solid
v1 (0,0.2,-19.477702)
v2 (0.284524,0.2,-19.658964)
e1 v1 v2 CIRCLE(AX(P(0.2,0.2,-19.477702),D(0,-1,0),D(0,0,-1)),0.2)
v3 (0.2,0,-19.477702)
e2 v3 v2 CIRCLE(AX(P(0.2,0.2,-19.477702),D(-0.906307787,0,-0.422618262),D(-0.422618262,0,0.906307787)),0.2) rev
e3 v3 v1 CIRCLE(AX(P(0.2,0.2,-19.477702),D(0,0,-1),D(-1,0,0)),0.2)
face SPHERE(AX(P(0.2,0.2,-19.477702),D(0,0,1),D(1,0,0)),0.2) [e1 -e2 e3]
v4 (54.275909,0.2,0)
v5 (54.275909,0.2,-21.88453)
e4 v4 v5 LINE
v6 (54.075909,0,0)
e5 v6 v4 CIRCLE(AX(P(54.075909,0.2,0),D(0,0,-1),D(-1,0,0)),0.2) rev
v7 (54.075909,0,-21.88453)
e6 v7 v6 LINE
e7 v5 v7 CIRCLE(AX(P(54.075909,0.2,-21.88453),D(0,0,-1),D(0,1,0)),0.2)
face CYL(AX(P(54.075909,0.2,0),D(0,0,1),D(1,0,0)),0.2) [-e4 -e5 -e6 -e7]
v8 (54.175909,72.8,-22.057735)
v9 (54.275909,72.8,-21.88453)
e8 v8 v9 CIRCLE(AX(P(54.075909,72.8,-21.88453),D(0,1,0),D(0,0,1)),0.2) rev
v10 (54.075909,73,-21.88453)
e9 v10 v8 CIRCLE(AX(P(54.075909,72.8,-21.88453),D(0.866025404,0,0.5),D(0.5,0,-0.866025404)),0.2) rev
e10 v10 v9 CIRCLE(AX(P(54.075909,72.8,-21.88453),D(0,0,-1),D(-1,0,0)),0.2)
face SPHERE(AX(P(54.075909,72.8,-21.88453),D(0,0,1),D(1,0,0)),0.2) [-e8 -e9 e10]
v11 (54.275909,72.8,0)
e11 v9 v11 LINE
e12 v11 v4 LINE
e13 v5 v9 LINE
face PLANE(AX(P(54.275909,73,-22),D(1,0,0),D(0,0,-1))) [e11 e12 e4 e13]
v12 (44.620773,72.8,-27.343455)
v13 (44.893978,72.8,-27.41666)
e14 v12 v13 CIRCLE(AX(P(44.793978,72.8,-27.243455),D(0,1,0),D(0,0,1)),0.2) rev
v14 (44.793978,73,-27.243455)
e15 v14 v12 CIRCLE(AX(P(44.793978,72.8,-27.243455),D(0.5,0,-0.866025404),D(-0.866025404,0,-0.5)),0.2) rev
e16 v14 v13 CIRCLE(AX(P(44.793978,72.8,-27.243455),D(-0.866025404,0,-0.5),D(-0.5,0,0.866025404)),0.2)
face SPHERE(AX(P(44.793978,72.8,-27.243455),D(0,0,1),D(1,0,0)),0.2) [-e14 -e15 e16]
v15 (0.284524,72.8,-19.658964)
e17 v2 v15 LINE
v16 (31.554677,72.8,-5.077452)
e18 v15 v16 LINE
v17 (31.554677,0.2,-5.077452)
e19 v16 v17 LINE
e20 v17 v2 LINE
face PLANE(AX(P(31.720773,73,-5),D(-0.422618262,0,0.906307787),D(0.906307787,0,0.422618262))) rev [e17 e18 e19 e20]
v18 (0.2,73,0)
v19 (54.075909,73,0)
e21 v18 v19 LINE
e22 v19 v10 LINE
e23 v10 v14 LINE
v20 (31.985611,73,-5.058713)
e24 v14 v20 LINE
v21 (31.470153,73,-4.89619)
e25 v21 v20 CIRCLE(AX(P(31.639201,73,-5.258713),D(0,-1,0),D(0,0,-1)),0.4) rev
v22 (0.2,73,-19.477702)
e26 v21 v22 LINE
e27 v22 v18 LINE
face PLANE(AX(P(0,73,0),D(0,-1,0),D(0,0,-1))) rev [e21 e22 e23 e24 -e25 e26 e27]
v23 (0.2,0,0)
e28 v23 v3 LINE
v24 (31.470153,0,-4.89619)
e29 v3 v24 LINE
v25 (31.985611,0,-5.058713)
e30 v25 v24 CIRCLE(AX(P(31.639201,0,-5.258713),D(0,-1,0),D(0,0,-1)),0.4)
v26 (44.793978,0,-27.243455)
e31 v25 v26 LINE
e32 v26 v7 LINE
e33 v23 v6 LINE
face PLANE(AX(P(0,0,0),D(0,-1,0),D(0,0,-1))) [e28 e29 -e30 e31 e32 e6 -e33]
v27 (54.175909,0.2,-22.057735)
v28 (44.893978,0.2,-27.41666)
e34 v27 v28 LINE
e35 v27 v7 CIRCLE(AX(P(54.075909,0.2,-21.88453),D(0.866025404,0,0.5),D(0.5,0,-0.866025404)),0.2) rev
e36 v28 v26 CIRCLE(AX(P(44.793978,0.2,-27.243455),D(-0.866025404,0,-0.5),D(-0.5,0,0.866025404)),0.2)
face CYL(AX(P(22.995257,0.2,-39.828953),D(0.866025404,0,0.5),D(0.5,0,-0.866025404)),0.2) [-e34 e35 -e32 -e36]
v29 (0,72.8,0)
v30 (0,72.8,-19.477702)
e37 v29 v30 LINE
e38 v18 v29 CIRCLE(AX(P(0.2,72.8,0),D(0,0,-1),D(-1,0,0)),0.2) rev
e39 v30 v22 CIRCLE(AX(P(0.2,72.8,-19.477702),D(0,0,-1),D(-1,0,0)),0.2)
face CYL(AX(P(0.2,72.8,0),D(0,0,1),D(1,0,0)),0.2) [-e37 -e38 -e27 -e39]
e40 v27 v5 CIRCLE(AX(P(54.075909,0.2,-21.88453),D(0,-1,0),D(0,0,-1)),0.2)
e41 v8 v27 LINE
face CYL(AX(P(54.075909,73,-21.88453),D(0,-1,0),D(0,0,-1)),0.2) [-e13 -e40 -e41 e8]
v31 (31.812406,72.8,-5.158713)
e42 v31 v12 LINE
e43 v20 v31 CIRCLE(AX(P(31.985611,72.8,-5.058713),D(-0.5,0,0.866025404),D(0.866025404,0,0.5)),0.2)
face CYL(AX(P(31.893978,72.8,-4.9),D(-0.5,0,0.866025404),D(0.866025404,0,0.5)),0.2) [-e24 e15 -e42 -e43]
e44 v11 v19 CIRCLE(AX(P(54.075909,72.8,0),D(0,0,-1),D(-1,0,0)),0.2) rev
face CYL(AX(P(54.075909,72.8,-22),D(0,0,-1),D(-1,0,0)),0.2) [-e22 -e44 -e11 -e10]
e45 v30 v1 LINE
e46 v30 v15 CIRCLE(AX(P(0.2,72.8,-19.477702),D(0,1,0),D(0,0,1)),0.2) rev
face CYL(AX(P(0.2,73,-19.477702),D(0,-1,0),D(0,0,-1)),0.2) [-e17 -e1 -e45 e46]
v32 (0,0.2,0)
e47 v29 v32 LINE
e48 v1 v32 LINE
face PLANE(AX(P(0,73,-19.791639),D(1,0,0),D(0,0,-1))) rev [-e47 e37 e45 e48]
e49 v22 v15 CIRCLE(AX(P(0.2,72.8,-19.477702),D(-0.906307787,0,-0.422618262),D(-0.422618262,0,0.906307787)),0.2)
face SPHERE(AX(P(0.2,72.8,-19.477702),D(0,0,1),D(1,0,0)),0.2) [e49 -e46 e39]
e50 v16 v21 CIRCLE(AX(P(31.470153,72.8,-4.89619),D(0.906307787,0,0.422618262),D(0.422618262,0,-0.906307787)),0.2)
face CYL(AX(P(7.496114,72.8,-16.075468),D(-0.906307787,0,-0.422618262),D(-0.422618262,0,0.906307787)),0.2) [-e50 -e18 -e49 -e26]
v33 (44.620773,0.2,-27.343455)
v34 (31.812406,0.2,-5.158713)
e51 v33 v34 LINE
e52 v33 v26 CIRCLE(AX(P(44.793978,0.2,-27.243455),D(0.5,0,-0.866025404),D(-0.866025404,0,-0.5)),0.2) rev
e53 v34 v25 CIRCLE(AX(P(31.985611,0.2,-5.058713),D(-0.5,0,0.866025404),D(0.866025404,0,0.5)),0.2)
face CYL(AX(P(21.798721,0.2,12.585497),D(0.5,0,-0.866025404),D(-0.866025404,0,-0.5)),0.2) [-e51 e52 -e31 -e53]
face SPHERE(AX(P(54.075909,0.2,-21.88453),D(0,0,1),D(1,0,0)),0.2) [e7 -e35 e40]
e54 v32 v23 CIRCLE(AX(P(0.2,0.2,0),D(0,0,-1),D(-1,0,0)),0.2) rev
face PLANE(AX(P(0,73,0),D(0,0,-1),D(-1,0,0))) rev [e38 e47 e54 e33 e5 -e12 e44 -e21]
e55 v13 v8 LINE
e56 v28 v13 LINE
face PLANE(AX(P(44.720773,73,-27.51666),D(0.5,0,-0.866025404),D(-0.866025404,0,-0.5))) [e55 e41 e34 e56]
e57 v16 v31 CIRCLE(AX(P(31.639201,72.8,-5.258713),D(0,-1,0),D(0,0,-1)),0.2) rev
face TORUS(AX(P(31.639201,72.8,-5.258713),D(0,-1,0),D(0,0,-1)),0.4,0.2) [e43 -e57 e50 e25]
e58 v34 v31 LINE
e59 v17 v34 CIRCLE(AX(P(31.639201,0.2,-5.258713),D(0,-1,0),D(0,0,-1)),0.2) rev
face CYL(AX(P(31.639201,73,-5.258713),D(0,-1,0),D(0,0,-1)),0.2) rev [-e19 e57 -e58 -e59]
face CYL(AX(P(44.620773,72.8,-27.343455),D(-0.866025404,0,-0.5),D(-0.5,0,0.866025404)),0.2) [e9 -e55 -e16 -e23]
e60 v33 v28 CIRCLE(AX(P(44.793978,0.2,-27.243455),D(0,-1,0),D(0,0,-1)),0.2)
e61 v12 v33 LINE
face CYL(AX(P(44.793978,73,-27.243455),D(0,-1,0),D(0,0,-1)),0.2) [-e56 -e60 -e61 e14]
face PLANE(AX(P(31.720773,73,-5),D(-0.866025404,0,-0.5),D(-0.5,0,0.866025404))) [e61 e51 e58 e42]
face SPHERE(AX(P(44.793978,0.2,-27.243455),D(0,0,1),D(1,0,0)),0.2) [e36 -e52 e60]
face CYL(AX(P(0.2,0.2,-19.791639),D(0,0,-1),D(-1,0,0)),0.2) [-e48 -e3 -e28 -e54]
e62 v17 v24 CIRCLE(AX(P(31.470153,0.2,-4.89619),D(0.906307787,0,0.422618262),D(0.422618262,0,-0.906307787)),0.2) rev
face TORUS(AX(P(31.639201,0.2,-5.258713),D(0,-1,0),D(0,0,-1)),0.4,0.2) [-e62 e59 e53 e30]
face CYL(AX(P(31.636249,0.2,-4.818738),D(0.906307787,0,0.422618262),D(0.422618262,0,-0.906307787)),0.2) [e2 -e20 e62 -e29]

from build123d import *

# Parameters (mm, degrees)
BOSS_EXTRUDE1_DEPTH = 73
FILLET1_R           = 0.2


with BuildPart() as part:
    # Sketch1 → Boss-Extrude1 (new body)
    with BuildSketch(Plane(origin=(0, 0, 0), x_dir=(1, 0, 0), z_dir=(0, 1, 0))):
        Polygon((0, 0), (54.275908818, 0), (54.275908818, 22), (44.720772546, 27.516660498), (31.720772546, 5), (0, 19.791639161), align=None)
    extrude(amount=BOSS_EXTRUDE1_DEPTH)

    # Fillet1
    fillet1_edges = [part.edges().sort_by_distance(p)[0] for p in [
        (31.720772546, 36.5, -5),
        (44.720772546, 36.5, -27.516660498),
        (54.275908818, 36.5, -22),
        (0, 36.5, -19.791639161),
        (54.275908818, 73, -11),
        (49.498340682, 73, -24.758330249),
        (38.220772546, 73, -16.258330249),
        (15.860386273, 73, -12.39581958),
        (38.220772546, 0, -16.258330249),
        (49.498340682, 0, -24.758330249),
        (54.275908818, 0, -11),
        (0, 73, -9.89581958),
        (0, 0, -9.89581958),
        (15.860386273, 0, -12.39581958),
    ]]
    fillet(fillet1_edges, radius=FILLET1_R)


solid = part.part
